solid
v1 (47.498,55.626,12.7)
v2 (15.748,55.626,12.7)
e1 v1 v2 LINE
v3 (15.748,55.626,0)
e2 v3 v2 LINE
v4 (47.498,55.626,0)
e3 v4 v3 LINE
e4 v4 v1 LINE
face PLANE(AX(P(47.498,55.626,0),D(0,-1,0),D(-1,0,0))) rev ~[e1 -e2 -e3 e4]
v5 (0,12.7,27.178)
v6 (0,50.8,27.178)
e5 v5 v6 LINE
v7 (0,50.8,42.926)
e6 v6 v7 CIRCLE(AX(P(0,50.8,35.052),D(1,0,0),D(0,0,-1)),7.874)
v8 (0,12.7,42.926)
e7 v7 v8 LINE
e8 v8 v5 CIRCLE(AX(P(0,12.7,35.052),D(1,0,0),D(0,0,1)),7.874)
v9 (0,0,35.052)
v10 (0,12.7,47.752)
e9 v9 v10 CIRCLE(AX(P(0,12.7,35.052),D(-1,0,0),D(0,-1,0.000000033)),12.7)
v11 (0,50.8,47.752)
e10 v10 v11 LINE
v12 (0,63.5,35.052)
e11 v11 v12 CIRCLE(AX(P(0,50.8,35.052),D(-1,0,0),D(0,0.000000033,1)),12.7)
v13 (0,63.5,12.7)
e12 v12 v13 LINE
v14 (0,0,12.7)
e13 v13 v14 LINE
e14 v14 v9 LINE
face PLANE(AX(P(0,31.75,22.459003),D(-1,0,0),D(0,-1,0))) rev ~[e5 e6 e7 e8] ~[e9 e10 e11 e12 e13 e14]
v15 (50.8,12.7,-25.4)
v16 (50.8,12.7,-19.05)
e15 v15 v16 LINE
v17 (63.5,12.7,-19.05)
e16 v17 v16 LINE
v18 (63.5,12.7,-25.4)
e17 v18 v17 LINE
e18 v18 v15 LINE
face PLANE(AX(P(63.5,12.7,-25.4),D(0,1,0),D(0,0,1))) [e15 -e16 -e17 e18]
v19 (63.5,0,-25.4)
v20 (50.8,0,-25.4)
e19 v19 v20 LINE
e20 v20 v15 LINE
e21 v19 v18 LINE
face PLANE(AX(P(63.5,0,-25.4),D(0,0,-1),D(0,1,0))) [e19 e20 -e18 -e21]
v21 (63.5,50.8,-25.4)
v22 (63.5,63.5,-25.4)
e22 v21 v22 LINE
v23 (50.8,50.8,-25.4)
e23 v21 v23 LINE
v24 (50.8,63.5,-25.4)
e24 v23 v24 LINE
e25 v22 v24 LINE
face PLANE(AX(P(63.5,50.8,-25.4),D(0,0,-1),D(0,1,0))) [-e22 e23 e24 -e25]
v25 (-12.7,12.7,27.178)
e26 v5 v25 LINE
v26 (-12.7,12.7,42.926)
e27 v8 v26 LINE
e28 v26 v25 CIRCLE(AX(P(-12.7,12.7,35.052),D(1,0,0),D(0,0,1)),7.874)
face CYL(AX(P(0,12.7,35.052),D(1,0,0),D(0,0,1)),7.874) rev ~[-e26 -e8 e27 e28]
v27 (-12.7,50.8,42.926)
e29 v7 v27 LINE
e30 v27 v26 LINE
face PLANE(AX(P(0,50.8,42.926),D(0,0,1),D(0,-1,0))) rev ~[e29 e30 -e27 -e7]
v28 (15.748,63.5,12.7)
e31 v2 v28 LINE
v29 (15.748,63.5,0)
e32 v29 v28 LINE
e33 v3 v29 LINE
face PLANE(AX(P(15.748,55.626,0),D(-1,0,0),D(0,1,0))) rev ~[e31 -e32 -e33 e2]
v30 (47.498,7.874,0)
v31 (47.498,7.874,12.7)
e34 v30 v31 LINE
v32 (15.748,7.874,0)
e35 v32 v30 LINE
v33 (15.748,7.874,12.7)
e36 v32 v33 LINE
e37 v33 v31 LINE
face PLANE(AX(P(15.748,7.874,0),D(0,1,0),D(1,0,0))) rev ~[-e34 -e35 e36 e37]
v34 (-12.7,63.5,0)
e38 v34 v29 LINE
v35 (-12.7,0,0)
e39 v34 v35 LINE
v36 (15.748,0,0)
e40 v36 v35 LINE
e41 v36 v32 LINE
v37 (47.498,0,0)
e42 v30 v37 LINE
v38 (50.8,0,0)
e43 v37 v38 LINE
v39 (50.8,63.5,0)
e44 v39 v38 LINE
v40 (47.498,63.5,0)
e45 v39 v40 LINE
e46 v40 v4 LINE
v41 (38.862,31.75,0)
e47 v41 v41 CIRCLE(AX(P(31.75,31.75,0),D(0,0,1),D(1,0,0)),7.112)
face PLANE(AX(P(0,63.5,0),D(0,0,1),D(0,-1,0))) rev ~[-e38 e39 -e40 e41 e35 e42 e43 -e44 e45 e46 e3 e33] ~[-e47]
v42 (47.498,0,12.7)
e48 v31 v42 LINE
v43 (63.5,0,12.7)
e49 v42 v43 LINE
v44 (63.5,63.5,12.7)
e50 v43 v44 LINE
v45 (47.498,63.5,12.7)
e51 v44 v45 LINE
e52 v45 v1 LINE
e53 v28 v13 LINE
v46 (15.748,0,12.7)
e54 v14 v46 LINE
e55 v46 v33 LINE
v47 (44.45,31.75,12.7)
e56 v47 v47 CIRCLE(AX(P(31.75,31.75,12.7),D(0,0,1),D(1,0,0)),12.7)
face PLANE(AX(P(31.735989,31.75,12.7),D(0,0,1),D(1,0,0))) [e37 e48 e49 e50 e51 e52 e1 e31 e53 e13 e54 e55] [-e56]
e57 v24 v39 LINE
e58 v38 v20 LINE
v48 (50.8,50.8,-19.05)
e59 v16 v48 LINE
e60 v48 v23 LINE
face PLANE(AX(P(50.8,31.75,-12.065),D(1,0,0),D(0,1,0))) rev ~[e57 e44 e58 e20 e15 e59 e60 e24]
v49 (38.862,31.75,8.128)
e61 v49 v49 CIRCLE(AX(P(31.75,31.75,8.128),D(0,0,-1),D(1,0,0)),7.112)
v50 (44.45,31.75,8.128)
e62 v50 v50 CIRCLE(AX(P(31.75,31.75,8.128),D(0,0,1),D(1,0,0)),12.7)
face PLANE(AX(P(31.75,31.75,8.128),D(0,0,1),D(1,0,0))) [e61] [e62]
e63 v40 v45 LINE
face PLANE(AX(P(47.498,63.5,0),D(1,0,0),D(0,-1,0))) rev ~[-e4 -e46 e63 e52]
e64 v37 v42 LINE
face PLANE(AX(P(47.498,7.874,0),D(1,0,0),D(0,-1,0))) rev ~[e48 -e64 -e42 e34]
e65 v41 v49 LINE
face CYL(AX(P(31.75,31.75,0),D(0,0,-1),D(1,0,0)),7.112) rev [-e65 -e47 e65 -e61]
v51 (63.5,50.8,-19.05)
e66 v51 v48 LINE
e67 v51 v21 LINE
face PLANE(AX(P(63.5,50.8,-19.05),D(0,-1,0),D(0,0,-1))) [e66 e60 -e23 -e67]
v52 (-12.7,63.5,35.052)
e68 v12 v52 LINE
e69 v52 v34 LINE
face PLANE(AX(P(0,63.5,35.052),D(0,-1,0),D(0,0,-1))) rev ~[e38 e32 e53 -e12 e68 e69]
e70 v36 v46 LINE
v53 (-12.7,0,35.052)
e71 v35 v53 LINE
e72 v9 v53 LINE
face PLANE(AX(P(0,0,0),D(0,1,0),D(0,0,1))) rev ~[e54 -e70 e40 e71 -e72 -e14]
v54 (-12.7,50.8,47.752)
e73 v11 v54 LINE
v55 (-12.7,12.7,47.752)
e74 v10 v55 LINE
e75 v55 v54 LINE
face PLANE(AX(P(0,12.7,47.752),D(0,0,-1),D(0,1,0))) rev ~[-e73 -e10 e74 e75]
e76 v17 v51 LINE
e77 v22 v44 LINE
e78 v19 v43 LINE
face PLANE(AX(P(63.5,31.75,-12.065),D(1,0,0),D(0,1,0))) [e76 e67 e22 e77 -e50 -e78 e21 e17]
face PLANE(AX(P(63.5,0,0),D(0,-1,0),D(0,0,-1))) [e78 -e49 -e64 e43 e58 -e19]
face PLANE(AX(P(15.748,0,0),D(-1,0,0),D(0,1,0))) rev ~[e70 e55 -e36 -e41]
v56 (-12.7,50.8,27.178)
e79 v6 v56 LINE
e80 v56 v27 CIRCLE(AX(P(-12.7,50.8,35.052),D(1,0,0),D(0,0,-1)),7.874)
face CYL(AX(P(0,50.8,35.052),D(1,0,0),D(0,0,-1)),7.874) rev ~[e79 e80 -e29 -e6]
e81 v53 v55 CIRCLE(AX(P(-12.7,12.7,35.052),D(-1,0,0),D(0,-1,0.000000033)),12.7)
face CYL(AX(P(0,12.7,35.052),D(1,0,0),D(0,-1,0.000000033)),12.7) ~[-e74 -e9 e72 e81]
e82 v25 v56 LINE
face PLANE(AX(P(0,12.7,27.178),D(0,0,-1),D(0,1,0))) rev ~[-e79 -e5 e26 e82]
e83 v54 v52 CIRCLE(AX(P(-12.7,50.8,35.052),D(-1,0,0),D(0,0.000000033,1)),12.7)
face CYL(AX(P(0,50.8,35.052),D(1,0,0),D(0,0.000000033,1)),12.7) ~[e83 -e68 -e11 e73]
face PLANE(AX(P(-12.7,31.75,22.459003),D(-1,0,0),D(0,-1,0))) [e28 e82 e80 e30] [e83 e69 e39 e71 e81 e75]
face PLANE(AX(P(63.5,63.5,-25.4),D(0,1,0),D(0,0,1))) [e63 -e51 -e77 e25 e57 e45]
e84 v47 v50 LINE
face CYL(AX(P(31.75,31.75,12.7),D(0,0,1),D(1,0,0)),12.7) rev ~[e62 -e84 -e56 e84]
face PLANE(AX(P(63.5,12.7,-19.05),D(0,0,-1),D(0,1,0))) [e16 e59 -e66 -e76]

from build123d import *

# Parameters (mm, degrees)
F0_R     = 7.112
F1_DEPTH = 12.7
F3_DEPTH = 12.7
F4_R     = 12.7
F5_DEPTH = 4.572
F7_DEPTH = 12.7


with BuildPart() as f1:
    # F0 (on Top) → F1 (new body)
    with BuildSketch(Plane.XY):
        Polygon((0, 63.5), (0, 0), (15.748, 0), (15.748, 7.874), (47.498, 7.874), (47.498, 0), (63.5, 0), (63.5, 63.5), (47.498, 63.5), (47.498, 55.626), (15.748, 55.626), (15.748, 63.5), align=None)
        with Locations((31.75, 31.75)):
            Circle(F0_R, mode=Mode.SUBTRACT)
    extrude(amount=F1_DEPTH)

    # F2 (on face) → F3 (join)
    with BuildSketch(Plane.YZ.offset(63.5)):
        Polygon((0, -19.05), (0, -25.4), (12.7, -25.4), (12.7, -19.05), (50.8, -19.05), (50.8, -25.4), (63.5, -25.4), (63.5, -19.05), (63.5, 0), (0, 0), align=None)
    extrude(amount=-F3_DEPTH)

    # F4 (on face) → F5 (cut)
    with BuildSketch(Plane.XY.offset(12.7)):
        with Locations((31.75, 31.75)):
            Circle(F4_R)
    extrude(amount=-F5_DEPTH, mode=Mode.SUBTRACT)

    # F6 (on face) → F7 (join)
    with BuildSketch(Plane(origin=(0, 0, 0), x_dir=(0, -1, 0), z_dir=(-1, 0, 0))):
        with BuildLine():
            Line((-63.5, 0), (0, 0))
            Line((0, 0), (0, 35.052))
            ThreePointArc((0, 35.052), (-3.719744, 44.032256), (-12.7, 47.752))
            Line((-12.7, 47.752), (-50.8, 47.752))
            ThreePointArc((-50.8, 47.752), (-59.780256, 44.032256), (-63.5, 35.052))
            Line((-63.5, 35.052), (-63.5, 0))
        make_face()
        with BuildLine():
            ThreePointArc((-50.8, 27.178), (-58.674, 35.052), (-50.8, 42.926))
            Line((-50.8, 42.926), (-12.7, 42.926))
            ThreePointArc((-12.7, 42.926), (-4.826, 35.052), (-12.7, 27.178))
            Line((-12.7, 27.178), (-50.8, 27.178))
        make_face(mode=Mode.SUBTRACT)
    extrude(amount=F7_DEPTH)


solid = f1.part
